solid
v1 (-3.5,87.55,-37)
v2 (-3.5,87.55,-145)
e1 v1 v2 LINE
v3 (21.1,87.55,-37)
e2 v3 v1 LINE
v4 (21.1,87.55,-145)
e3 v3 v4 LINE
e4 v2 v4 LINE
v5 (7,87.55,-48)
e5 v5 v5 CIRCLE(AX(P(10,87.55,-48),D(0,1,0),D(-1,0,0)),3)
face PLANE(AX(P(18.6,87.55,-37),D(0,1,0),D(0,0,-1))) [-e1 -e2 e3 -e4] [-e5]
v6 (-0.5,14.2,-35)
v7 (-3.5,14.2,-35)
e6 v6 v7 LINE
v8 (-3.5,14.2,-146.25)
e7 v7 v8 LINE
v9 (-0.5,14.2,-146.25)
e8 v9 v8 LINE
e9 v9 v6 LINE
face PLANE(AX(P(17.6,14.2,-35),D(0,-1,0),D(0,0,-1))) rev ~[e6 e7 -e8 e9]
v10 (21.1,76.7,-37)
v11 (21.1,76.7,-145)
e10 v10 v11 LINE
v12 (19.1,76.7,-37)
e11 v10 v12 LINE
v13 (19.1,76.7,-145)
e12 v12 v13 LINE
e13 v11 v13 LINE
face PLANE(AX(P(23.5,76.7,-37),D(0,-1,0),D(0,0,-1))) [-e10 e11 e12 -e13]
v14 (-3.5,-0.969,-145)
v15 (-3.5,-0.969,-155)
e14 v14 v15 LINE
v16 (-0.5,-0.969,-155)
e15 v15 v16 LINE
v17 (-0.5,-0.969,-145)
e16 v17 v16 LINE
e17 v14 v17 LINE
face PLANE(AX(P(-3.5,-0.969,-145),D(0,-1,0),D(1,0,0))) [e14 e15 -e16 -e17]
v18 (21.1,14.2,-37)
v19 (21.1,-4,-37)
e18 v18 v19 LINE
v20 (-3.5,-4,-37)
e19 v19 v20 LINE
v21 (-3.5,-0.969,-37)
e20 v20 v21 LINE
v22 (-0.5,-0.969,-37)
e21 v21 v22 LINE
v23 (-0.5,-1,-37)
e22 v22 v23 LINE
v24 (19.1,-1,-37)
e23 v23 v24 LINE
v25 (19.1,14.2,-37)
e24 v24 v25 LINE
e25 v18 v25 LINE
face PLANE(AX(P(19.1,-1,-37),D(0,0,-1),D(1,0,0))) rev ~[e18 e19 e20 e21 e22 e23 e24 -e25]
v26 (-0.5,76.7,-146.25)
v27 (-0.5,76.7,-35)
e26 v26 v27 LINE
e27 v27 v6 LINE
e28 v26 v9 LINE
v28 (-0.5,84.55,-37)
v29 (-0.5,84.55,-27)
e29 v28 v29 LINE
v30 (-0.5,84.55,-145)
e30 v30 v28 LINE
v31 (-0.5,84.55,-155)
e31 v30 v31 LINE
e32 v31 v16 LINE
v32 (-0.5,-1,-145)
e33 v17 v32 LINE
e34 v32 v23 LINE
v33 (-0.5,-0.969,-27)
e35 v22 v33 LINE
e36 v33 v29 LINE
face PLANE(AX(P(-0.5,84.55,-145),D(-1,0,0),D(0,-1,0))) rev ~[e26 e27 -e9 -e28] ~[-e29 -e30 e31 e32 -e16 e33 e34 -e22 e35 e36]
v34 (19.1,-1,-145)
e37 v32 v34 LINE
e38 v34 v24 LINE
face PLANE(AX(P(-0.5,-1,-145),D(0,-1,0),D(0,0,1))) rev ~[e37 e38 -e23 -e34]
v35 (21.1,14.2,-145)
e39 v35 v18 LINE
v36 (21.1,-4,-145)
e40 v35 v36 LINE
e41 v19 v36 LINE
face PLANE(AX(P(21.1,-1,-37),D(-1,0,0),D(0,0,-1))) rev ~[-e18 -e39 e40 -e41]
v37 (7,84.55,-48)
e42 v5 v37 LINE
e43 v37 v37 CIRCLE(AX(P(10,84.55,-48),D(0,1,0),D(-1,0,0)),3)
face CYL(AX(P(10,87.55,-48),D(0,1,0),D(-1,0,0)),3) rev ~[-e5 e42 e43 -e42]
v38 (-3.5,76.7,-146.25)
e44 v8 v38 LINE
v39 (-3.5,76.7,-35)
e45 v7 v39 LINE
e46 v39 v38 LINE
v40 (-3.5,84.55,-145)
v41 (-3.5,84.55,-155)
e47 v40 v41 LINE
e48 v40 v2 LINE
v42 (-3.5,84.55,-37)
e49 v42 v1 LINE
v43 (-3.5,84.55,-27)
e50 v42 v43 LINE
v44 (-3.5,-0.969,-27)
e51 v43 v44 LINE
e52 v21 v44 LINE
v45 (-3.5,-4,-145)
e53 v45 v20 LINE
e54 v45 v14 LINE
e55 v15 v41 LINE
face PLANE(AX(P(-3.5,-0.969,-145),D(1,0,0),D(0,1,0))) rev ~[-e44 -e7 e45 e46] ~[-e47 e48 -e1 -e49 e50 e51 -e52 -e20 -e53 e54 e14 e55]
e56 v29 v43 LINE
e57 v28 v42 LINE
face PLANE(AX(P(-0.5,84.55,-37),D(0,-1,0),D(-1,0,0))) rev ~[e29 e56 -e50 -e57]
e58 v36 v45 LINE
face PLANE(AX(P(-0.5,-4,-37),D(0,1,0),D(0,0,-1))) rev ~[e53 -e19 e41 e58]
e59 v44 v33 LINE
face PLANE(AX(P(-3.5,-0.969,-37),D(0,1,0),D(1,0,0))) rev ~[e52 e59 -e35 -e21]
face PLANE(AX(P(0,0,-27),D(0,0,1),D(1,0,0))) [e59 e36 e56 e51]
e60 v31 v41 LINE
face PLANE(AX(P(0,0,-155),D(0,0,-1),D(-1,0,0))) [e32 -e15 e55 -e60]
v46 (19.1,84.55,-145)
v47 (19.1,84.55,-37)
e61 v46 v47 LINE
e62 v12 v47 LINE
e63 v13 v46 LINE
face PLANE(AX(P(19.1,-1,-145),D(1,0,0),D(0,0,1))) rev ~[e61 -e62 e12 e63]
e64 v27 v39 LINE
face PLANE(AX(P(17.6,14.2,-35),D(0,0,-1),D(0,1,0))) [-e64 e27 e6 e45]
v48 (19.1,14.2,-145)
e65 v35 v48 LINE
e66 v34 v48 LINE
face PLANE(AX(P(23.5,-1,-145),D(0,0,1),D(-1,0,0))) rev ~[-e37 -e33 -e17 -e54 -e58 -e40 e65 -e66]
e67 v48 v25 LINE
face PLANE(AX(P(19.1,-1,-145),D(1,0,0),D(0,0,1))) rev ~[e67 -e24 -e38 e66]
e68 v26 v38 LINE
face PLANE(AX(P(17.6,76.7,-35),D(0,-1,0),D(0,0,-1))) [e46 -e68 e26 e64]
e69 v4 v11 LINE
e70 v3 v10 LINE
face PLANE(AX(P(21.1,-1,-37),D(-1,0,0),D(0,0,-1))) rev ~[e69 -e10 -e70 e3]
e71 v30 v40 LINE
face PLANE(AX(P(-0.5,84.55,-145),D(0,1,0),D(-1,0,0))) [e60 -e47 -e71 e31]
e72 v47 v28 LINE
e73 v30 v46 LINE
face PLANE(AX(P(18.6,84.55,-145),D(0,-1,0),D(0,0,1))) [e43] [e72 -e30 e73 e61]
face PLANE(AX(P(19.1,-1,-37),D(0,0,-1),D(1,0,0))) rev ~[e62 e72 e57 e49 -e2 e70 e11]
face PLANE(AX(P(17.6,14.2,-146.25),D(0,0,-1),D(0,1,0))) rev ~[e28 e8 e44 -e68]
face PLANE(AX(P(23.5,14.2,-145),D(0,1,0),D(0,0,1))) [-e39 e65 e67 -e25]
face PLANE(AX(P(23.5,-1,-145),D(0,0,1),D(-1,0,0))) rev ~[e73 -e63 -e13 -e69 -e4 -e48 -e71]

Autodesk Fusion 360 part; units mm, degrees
sketch "Sketch1" plane through (0, 0, 0) normal (1, 0, 0) x (0, 0, -1)
  line L0 (0, 0) -> (182, 0)
  line L1 (182, 0) -> (182, 83.55)
  line L2 (182, 83.55) -> (0, 83.55)
  line L3 (0, 83.55) -> (0, 0)
  dimension "d1" = 83.55
  dimension "d2" = 182
extrude "Extrude1" add sketch "Sketch1" along normal blind 18.6 makes body 1
sketch "Sketch2" plane through (18.6, 0, 0) normal (1, 0, 0) x (0, 0, -1)
  line L0 (0, 83.55) -> (0, 0)
  line L1 (0, 0) -> (182, 0)
  line L2 (182, 0) -> (182, 83.55)
  line L3 (182, 83.55) -> (0, 83.55)
  line L4 (0, 41.775) -> (37, 41.775)
  line L5 (182, 41.775) -> (145, 41.775)
  line L6 (37, 41.775) -> (145, 41.775)
  line L7 (145, 41.775) -> (145, 83.55)
  line L8 (145, 83.55) -> (37, 83.55)
  line L9 (37, 83.55) -> (37, 41.775)
  line L10 (145, 41.775) -> (37, 41.775)
  line L11 (37, 41.775) -> (37, 0)
  line L12 (37, 0) -> (145, 0)
  line L13 (145, 0) -> (145, 41.775)
  arc A0 (145, 0) -> (145, 83.55) centre (139.9169, 41.775) ccw
  arc A1 (37, 83.55) -> (37, 0) centre (42.0831, 41.775) ccw
  dimension "d5" = 37
  dimension "d6" = 37
extrude "Extrude2" cut sketch "Sketch2" against normal blind 90 contours L0 L3 A1 | L0 L1 A1 | L2 L3 A0 | L1 L2 A0 bodies 1
sketch "Sketch3" plane through (18.6, 0, 0) normal (1, 0, 0) x (0, 0, -1)
  arc A0 (37, 83.55) -> (37, 0) centre (42.0831, 41.775) ccw
  line L0 (37, 0) -> (145, 0)
  arc A1 (145, 0) -> (145, 83.55) centre (139.9169, 41.775) ccw
  line L1 (145, 83.55) -> (37, 83.55)
  line L2 (145, 83.55) -> (193.2382, 83.55)
  line L3 (193.2382, 83.55) -> (193.2382, 74.55)
  line L4 (193.2382, 74.55) -> (145, 74.55)
  line L5 (145, 74.55) -> (145, 83.55)
  line L6 (37, 83.55) -> (-37.63, 83.55)
  line L7 (-37.63, 83.55) -> (-37.63, 74.55)
  line L8 (-37.63, 74.55) -> (37, 74.55)
  line L9 (37, 74.55) -> (37, 83.55)
  line L10 (37, 0) -> (-32.6872, 0)
  line L11 (-32.6872, 0) -> (-32.6872, 9)
  line L12 (-32.6872, 9) -> (37, 9)
  line L13 (37, 9) -> (37, 0)
  line L14 (145, 0) -> (203.1237, 0)
  line L15 (203.1237, 0) -> (203.1237, 9)
  line L16 (203.1237, 9) -> (145, 9)
  line L17 (145, 9) -> (145, 0)
  dimension "d9" = 9
  dimension "d10" = 9
  dimension "d11" = 9
  dimension "d12" = 9
extrude "Extrude3" cut sketch "Sketch3" against normal blind 6.25 contours A0 L8 L9 | A1 L4 L5 | A0 L12 L13 | A1 L16 L17 bodies 1
sketch "Sketch4" plane through (18.6, 0, 0) normal (1, 0, 0) x (0, 0, -1)
  line L0 (145, 74.55) -> (145, 83.55)
  line L1 (145, 83.55) -> (37, 83.55)
  line L2 (37, 83.55) -> (37, 74.55)
  line L3 (37, 74.55) -> (15.6864, 74.55)
  arc A0 (15.6864, 74.55) -> (15.6864, 9) centre (42.0831, 41.775) ccw
  line L4 (15.6864, 9) -> (37, 9)
  line L5 (37, 9) -> (37, 0)
  line L6 (37, 0) -> (145, 0)
  line L7 (145, 0) -> (145, 9)
  line L8 (145, 9) -> (166.3136, 9)
  arc A1 (166.3136, 9) -> (166.3136, 74.55) centre (139.9169, 41.775) ccw
  line L9 (166.3136, 74.55) -> (145, 74.55)
  line L10 (37, 83.55) -> (37, 84.55)
  line L11 (145, 83.55) -> (145, 84.55)
  line L12 (145, 84.55) -> (37, 84.55)
  line L13 (37, 84.55) -> (37, 87.55)
  line L14 (37, 87.55) -> (145, 87.55)
  line L15 (145, 87.55) -> (145, 84.55)
  dimension "d15" = 1
  dimension "d16" = 1
  dimension "d17" = 3
extrude "Extrude4" add sketch "Sketch4" against normal blind 25 separate body contours L12 L13 L14 L15 makes body 2
sketch "Sketch5" plane through (18.6, 0, 0) normal (1, 0, 0) x (0, 0, -1)
  line L0 (145, 74.55) -> (145, 83.55)
  line L1 (145, 83.55) -> (37, 83.55)
  line L2 (37, 83.55) -> (37, 74.55)
  line L3 (37, 74.55) -> (15.6864, 74.55)
  arc A0 (15.6864, 74.55) -> (15.6864, 9) centre (42.0831, 41.775) ccw
  line L4 (15.6864, 9) -> (37, 9)
  line L5 (37, 9) -> (37, 0)
  line L6 (37, 0) -> (145, 0)
  line L7 (145, 0) -> (145, 9)
  line L8 (145, 9) -> (166.3136, 9)
  arc A1 (166.3136, 9) -> (166.3136, 74.55) centre (139.9169, 41.775) ccw
  line L9 (166.3136, 74.55) -> (145, 74.55)
  line L10 (0, 41.775) -> (35, 41.775)
  line L11 (35, 41.775) -> (40, 41.775)
  line L12 (40, 41.775) -> (40, 0)
  line L13 (40, 0) -> (35, 0)
  line L14 (35, 0) -> (35, 41.775)
  line L15 (37, 0) -> (35, 0)
  line L16 (35, 0) -> (35, 14.2)
  line L17 (35, 14.2) -> (37, 14.2)
  line L18 (37, 14.2) -> (37, 0)
  line L19 (35, 14.2) -> (146.25, 14.2)
  line L20 (146.25, 14.2) -> (146.25, 76.7)
  line L21 (146.25, 76.7) -> (35, 76.7)
  line L22 (35, 76.7) -> (35, 14.2)
  dimension "d20" = 35
  dimension "d21" = 14.2
  dimension "d22" = 111.25
  dimension "d23" = 62.5
extrude "Extrude5" add 1 faces at (12.35, 80.1801, -35.0838) along direction (1, 0, 0) blind 6.25 on bodies 1 bodies 1
extrude "Extrude6" add 1 faces at (12.35, 80.1801, -146.9162) along direction (1, 0, 0) blind 6.25 on bodies 1 bodies 1
extrude "Extrude7" cut sketch "Sketch5" against normal blind 1 contours L0 L2 L3 L9 L11 L12 L19 L20 L21 L22 | L0 L9 L20 L21 | L2 L3 L21 L22 | L11 L12 L14 L17 L19 L22 bodies 1
sketch "Sketch6" plane through (0, 87.55, 0) normal (0, 1, 0) x (-1, 0, 0)
  line L0 (-18.6, -37) -> (-18.6, -145)
  line L1 (-18.6, -145) -> (6.4, -145)
  line L2 (6.4, -145) -> (6.4, -37)
  line L3 (6.4, -37) -> (-18.6, -37)
  line L4 (-10, -37) -> (-10, -45)
  circle A0 centre (-10, -48) radius 3
  dimension "d30" = 8
  dimension "d31" = 6
extrude "Extrude8" cut sketch "Sketch6" against normal blind 9 contours A0 bodies 2
sketch "Sketch7" plane through (0, 84.55, 0) normal (0, -1, 0) x (1, 0, 0)
  circle A0 centre (10, -48) radius 3
  line L0 (18.6, -145) -> (18.6, -37)
  line L1 (18.6, -37) -> (-6.4, -37)
  line L2 (-6.4, -37) -> (-6.4, -145)
  line L3 (-6.4, -145) -> (18.6, -145)
sketch "Sketch8" plane through (0, 0, 0) normal (0, -1, 0) x (1, 0, 0)
  line L0 (18.6, -37) -> (12.35, -37)
  line L1 (12.35, -37) -> (0, -37)
  line L2 (0, -37) -> (0, -145)
  line L3 (0, -145) -> (12.35, -145)
  line L4 (12.35, -145) -> (18.6, -145)
  line L5 (18.6, -145) -> (18.6, -37)
  line L6 (0, -145) -> (-0.5, -145)
  line L7 (-0.5, -145) -> (-6.4, -145)
  line L8 (-6.4, -145) -> (-6.4, -37)
  line L9 (-6.4, -37) -> (-0.5, -37)
  line L10 (-0.5, -37) -> (-0.5, -145)
  point P0 (-6.4, -37)
  dimension "d34" = 0.5
extrude "Extrude9" add sketch "Sketch8" against normal blind 85 contours L7 L8 L9 L10 bodies 2
extrude "Extrude10" cut 1 faces at (-6.4, 57.3667, -109) along direction (1, 0, 0) blind 2.9 on bodies 2 bodies 2
extrude "Extrude11" add 1 faces at (-1.5, 0, -109) along direction (0, -1, 0) blind 4 on bodies 2 bodies 2
sketch "Sketch9" plane through (-0.5, 0, 0) normal (1, 0, 0) x (0, 0, -1)
  line L0 (145, 84.55) -> (37, 84.55)
  line L1 (37, 84.55) -> (37, -4)
  line L2 (37, -4) -> (145, -4)
  line L3 (145, -4) -> (145, 84.55)
  line L4 (37, -4) -> (145, -4)
  line L5 (145, -4) -> (145, -1)
  line L6 (145, -1) -> (37, -1)
  line L7 (37, -1) -> (37, -4)
extrude "Extrude12" add sketch "Sketch9" along normal blind 24 contours L1 L2 L3 L4 L5 L6 L7 bodies 2
extrude "Extrude13" add 1 faces at (18.6, 85.55, -73) along direction (1, 0, 0) blind 5 on bodies 2 bodies 2
sketch "Sketch10" plane through (0, -1, 0) normal (0, 1, 0) x (-1, 0, 0)
  line L0 (0.5, -145) -> (0.5, -37)
  line L1 (0.5, -37) -> (-23.5, -37)
  line L2 (-23.5, -37) -> (-23.5, -145)
  line L3 (-23.5, -145) -> (0.5, -145)
  line L4 (-23.5, -145) -> (-19.1, -145)
  line L5 (-19.1, -145) -> (-19.1, -37)
  line L6 (-19.1, -37) -> (-23.5, -37)
  line L7 (-23.5, -37) -> (-23.5, -145)
  dimension "d45" = 4.4
extrude "Extrude14" add sketch "Sketch10" along normal blind 88 contours L1 L2 L3 L4 L5 L6 L7 bodies 2
extrude "Extrude15" cut 1 faces at (23.6, 85.55, -73) along direction (-1, 0, 0) blind 0.1 on bodies 2 bodies 2
sketch "Sketch11" plane through (23.5, 0, 0) normal (1, 0, 0) x (0, 0, -1)
  line L0 (37, 87.55) -> (37, -4)
  line L1 (37, -4) -> (145, -4)
  line L2 (145, -4) -> (145, 87.55)
  line L3 (145, 87.55) -> (37, 87.55)
  line L4 (37, 76.7) -> (145, 76.7)
  line L5 (145, 76.7) -> (145, 14.2)
  line L6 (145, 14.2) -> (37, 14.2)
  line L7 (37, 14.2) -> (37, 76.7)
  point P0 (37, 83.55)
extrude "Extrude16" cut sketch "Sketch11" against normal blind 20 contours L0 L2 L4 L5 L6 L7 bodies 2
extrude "Extrude17" cut 1 faces at (23.5, 79.3167, -109) along direction (-1, 0, 0) blind 2.4 on bodies 2 bodies 2
extrude "Extrude18" cut 1 faces at (23.5, 8.1333, -109) along direction (-1, 0, 0) blind 2.4 on bodies 2 bodies 2
sketch "Sketch12" plane through (0, 0, -37) normal (0, 0, 1) x (1, 0, 0)
  line L0 (21.1, -4) -> (21.1, 14.2)
  line L1 (21.1, 14.2) -> (19.1, 14.2)
  line L2 (19.1, 14.2) -> (19.1, -1)
  line L3 (19.1, -1) -> (-0.5, -1)
  line L4 (-0.5, -1) -> (-0.5, 84.55)
  line L5 (-0.5, 84.55) -> (19.1, 84.55)
  line L6 (19.1, 84.55) -> (19.1, 76.7)
  line L7 (19.1, 76.7) -> (21.1, 76.7)
  line L8 (21.1, 76.7) -> (21.1, 87.55)
  line L9 (21.1, 87.55) -> (-3.5, 87.55)
  line L10 (-3.5, 87.55) -> (-3.5, -4)
  line L11 (-3.5, -4) -> (21.1, -4)
  line L12 (-0.5, 84.55) -> (-3.5, 84.55)
  line L13 (-3.5, 84.55) -> (-3.5, -0.969)
  line L14 (-3.5, -0.969) -> (-0.5, -0.969)
  line L15 (-0.5, -0.969) -> (-0.5, 84.55)
extrude "Extrude19" add sketch "Sketch12" along normal blind 10 contours L4 L10 L12 L13 L14 L15 bodies 2
sketch "Sketch13" plane through (0, 0, -145) normal (0, 0, -1) x (-1, 0, 0)
  line L0 (-21.1, 14.2) -> (-21.1, -4)
  line L1 (-21.1, -4) -> (3.5, -4)
  line L2 (3.5, -4) -> (3.5, 87.55)
  line L3 (3.5, 87.55) -> (-21.1, 87.55)
  line L4 (-21.1, 87.55) -> (-21.1, 76.7)
  line L5 (-21.1, 76.7) -> (-19.1, 76.7)
  line L6 (-19.1, 76.7) -> (-19.1, 84.55)
  line L7 (-19.1, 84.55) -> (0.5, 84.55)
  line L8 (0.5, 84.55) -> (0.5, -1)
  line L9 (0.5, -1) -> (-19.1, -1)
  line L10 (-19.1, -1) -> (-19.1, 14.2)
  line L11 (-19.1, 14.2) -> (-21.1, 14.2)
  line L12 (0, 84.55) -> (3.5, 84.55)
  line L13 (3.5, 84.55) -> (3.5, -0.969)
  line L14 (3.5, -0.969) -> (0, -0.969)
  line L15 (0, -0.969) -> (0, 84.55)
  point P0 (0, 84.55)
  point P1 (3.5, -0.969)
extrude "Extrude20" add sketch "Sketch13" along normal blind 10 contours L2 L8 L12 L13 L14 bodies 2
extrude "Extrude21" cut 1 faces at (17.6, 55.8667, -72.0833) along direction (-1, 0, 0) blind 71 on bodies 1 bodies 2
hidden bodies 1
